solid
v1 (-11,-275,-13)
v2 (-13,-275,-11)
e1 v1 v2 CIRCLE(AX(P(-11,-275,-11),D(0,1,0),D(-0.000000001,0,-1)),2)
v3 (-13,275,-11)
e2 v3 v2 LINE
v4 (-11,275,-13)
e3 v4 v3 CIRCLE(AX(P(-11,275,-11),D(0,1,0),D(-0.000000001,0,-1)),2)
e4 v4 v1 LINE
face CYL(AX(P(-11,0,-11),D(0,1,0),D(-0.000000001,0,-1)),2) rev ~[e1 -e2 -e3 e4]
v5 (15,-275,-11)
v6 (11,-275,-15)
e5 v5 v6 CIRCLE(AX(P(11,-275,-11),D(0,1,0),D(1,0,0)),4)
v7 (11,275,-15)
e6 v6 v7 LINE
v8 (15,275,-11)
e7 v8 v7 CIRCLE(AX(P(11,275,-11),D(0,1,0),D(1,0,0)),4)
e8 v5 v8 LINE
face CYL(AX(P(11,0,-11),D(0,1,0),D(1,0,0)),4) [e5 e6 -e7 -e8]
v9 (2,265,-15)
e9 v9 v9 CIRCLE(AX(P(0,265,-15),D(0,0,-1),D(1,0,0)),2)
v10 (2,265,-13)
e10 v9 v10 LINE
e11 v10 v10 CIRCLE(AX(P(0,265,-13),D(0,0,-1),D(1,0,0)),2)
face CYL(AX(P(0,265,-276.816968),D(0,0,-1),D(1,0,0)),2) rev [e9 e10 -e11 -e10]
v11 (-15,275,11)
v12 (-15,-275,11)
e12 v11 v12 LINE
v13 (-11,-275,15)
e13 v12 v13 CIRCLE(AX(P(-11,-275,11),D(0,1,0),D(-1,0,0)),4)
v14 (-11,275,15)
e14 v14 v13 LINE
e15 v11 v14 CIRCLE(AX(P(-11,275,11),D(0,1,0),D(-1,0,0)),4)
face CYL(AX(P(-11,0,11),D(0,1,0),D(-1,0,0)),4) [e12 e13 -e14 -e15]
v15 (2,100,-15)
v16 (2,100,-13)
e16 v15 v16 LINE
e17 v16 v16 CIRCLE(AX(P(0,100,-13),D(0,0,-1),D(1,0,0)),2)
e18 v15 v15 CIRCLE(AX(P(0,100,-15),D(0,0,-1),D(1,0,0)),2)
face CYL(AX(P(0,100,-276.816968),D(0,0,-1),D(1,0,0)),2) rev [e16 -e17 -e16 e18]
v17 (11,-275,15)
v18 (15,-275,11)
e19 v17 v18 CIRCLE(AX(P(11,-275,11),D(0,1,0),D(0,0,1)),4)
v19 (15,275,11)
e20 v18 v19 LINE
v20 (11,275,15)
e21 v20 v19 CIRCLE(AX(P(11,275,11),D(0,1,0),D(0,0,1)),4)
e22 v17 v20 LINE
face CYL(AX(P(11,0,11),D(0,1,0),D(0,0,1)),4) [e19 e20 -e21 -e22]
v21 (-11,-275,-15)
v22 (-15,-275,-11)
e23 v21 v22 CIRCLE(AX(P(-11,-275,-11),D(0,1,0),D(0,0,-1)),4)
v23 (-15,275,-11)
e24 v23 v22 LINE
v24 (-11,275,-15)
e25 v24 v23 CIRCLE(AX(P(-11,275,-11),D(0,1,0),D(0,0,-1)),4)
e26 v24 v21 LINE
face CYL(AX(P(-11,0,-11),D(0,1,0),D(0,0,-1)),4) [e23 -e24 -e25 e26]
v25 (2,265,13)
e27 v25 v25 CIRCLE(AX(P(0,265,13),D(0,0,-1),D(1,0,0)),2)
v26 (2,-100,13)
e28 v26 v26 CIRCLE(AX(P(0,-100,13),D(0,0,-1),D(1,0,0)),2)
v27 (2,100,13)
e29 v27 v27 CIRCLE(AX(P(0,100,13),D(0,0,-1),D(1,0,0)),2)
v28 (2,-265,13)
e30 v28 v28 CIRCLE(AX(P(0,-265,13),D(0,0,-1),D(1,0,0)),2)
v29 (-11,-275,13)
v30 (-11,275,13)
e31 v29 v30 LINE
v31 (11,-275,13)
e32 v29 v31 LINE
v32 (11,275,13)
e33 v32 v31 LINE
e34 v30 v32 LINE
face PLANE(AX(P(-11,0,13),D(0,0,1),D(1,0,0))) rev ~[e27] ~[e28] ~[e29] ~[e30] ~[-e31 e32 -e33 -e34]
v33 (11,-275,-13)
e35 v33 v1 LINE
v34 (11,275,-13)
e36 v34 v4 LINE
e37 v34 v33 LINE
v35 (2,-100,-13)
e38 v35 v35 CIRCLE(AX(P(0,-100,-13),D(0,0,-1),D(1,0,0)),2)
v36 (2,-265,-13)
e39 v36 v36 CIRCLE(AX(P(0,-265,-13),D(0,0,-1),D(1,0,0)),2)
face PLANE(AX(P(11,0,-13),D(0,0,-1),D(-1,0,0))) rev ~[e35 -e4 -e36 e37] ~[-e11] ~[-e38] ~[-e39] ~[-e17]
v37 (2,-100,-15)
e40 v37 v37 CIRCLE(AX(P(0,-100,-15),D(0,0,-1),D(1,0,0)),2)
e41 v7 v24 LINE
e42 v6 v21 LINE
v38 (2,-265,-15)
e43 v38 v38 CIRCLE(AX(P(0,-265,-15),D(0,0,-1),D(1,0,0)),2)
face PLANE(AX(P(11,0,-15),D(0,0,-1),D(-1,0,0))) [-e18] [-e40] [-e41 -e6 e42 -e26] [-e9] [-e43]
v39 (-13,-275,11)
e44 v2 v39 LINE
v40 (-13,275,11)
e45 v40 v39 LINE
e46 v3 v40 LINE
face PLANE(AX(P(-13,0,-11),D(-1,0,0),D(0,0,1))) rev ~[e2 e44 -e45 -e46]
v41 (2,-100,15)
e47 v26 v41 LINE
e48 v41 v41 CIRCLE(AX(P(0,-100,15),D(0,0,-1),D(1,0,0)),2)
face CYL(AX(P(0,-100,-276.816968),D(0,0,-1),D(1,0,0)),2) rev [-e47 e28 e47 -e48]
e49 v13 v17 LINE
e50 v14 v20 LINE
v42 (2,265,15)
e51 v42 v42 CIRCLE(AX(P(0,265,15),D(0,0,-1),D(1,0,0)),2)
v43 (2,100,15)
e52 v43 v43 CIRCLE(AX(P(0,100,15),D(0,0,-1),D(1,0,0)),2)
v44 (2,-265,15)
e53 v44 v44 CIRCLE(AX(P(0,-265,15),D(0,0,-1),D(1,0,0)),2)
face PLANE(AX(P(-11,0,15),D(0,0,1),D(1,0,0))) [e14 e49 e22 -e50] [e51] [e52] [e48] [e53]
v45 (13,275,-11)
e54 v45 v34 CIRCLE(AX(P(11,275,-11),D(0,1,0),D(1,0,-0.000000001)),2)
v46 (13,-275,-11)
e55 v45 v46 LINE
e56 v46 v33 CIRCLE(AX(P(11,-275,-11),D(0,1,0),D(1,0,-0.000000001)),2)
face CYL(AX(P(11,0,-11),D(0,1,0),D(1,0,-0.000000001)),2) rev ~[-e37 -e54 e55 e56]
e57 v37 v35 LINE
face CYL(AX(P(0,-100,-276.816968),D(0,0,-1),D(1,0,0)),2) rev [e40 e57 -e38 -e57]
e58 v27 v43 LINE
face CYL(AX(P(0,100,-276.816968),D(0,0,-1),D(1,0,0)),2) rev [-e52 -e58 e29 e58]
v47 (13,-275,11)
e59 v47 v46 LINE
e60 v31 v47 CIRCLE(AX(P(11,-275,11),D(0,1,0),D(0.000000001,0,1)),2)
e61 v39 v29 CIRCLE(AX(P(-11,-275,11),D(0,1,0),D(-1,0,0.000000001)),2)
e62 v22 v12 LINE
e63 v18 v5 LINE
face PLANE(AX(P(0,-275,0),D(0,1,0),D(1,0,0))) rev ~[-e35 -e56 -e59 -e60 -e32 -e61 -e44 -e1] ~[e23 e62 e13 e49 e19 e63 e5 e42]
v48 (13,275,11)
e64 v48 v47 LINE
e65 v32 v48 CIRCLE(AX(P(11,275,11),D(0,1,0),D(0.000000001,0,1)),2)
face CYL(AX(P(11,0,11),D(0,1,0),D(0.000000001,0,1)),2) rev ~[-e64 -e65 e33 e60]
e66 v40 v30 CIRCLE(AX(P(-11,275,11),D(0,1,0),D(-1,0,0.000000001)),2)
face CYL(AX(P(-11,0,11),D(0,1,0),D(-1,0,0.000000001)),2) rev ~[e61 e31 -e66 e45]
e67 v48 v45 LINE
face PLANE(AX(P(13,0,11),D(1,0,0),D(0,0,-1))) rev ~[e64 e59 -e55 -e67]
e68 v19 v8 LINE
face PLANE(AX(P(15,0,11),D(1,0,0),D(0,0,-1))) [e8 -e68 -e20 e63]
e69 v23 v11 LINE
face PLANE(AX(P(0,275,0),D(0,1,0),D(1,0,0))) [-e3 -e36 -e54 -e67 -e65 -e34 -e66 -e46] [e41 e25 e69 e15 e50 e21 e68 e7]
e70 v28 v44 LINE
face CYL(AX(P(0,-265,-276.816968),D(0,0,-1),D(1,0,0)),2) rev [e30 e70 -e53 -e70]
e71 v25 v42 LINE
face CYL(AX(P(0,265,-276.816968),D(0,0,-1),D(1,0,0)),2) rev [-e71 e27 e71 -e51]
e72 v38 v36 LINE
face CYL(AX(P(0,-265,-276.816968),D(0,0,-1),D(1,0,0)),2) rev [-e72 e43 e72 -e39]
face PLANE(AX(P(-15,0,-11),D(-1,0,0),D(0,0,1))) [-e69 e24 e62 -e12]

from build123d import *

# Parameters (mm, degrees)
EXTRUDE_1_DEPTH          = 275
CUT_EXTRUDE_1_DEPTH      = 276.816968296
CUT_EXTRUDE_1_DEPTH_BACK = 276.816968296
SKETCH_2_R               = 2


with BuildPart() as part:
    # 草图1 → 凸台-拉伸1 (new, symmetric)
    with BuildSketch(Plane(origin=(0, 0, 0), x_dir=(1, 0, 0), z_dir=(0, 1, 0))):
        with BuildLine():
            Line((-11, -15), (11, -15))
            ThreePointArc((11, -15), (13.828427125, -13.828427125), (15, -11))
            Line((15, -11), (15, 11))
            ThreePointArc((15, 11), (13.828427125, 13.828427125), (11, 15))
            Line((11, 15), (-11, 15))
            ThreePointArc((-11, 15), (-13.828427125, 13.828427125), (-15, 11))
            Line((-15, 11), (-15, -11))
            ThreePointArc((-15, -11), (-13.828427125, -13.828427125), (-11, -15))
        make_face()
        with BuildLine():
            Line((-11, -13), (11, -13))
            ThreePointArc((11, -13), (12.414213562, -12.414213562), (13, -11))
            Line((13, -11), (13, 11))
            ThreePointArc((13, 11), (12.414213562, 12.414213562), (11, 13))
            Line((11, 13), (-11, 13))
            ThreePointArc((-11, 13), (-12.414213562, 12.414213562), (-13, 11))
            Line((-13, 11), (-13, -11))
            ThreePointArc((-13, -11), (-12.414213562, -12.414213562), (-11, -13))
        make_face(mode=Mode.SUBTRACT)
    extrude(amount=EXTRUDE_1_DEPTH, both=True)

    # 草图2 → 切除-拉伸1 (cut, two sides: drawn at the far end of the back side and taken through both)
    with BuildSketch(Plane.XY.offset(-CUT_EXTRUDE_1_DEPTH_BACK)):
        with Locations((0, 265)):
            Circle(SKETCH_2_R)
        with Locations((0, 100)):
            Circle(SKETCH_2_R)
        with Locations((0, -100)):
            Circle(SKETCH_2_R)
        with Locations((0, -265)):
            Circle(SKETCH_2_R)
    extrude(amount=CUT_EXTRUDE_1_DEPTH + CUT_EXTRUDE_1_DEPTH_BACK, mode=Mode.SUBTRACT)


solid = part.part
